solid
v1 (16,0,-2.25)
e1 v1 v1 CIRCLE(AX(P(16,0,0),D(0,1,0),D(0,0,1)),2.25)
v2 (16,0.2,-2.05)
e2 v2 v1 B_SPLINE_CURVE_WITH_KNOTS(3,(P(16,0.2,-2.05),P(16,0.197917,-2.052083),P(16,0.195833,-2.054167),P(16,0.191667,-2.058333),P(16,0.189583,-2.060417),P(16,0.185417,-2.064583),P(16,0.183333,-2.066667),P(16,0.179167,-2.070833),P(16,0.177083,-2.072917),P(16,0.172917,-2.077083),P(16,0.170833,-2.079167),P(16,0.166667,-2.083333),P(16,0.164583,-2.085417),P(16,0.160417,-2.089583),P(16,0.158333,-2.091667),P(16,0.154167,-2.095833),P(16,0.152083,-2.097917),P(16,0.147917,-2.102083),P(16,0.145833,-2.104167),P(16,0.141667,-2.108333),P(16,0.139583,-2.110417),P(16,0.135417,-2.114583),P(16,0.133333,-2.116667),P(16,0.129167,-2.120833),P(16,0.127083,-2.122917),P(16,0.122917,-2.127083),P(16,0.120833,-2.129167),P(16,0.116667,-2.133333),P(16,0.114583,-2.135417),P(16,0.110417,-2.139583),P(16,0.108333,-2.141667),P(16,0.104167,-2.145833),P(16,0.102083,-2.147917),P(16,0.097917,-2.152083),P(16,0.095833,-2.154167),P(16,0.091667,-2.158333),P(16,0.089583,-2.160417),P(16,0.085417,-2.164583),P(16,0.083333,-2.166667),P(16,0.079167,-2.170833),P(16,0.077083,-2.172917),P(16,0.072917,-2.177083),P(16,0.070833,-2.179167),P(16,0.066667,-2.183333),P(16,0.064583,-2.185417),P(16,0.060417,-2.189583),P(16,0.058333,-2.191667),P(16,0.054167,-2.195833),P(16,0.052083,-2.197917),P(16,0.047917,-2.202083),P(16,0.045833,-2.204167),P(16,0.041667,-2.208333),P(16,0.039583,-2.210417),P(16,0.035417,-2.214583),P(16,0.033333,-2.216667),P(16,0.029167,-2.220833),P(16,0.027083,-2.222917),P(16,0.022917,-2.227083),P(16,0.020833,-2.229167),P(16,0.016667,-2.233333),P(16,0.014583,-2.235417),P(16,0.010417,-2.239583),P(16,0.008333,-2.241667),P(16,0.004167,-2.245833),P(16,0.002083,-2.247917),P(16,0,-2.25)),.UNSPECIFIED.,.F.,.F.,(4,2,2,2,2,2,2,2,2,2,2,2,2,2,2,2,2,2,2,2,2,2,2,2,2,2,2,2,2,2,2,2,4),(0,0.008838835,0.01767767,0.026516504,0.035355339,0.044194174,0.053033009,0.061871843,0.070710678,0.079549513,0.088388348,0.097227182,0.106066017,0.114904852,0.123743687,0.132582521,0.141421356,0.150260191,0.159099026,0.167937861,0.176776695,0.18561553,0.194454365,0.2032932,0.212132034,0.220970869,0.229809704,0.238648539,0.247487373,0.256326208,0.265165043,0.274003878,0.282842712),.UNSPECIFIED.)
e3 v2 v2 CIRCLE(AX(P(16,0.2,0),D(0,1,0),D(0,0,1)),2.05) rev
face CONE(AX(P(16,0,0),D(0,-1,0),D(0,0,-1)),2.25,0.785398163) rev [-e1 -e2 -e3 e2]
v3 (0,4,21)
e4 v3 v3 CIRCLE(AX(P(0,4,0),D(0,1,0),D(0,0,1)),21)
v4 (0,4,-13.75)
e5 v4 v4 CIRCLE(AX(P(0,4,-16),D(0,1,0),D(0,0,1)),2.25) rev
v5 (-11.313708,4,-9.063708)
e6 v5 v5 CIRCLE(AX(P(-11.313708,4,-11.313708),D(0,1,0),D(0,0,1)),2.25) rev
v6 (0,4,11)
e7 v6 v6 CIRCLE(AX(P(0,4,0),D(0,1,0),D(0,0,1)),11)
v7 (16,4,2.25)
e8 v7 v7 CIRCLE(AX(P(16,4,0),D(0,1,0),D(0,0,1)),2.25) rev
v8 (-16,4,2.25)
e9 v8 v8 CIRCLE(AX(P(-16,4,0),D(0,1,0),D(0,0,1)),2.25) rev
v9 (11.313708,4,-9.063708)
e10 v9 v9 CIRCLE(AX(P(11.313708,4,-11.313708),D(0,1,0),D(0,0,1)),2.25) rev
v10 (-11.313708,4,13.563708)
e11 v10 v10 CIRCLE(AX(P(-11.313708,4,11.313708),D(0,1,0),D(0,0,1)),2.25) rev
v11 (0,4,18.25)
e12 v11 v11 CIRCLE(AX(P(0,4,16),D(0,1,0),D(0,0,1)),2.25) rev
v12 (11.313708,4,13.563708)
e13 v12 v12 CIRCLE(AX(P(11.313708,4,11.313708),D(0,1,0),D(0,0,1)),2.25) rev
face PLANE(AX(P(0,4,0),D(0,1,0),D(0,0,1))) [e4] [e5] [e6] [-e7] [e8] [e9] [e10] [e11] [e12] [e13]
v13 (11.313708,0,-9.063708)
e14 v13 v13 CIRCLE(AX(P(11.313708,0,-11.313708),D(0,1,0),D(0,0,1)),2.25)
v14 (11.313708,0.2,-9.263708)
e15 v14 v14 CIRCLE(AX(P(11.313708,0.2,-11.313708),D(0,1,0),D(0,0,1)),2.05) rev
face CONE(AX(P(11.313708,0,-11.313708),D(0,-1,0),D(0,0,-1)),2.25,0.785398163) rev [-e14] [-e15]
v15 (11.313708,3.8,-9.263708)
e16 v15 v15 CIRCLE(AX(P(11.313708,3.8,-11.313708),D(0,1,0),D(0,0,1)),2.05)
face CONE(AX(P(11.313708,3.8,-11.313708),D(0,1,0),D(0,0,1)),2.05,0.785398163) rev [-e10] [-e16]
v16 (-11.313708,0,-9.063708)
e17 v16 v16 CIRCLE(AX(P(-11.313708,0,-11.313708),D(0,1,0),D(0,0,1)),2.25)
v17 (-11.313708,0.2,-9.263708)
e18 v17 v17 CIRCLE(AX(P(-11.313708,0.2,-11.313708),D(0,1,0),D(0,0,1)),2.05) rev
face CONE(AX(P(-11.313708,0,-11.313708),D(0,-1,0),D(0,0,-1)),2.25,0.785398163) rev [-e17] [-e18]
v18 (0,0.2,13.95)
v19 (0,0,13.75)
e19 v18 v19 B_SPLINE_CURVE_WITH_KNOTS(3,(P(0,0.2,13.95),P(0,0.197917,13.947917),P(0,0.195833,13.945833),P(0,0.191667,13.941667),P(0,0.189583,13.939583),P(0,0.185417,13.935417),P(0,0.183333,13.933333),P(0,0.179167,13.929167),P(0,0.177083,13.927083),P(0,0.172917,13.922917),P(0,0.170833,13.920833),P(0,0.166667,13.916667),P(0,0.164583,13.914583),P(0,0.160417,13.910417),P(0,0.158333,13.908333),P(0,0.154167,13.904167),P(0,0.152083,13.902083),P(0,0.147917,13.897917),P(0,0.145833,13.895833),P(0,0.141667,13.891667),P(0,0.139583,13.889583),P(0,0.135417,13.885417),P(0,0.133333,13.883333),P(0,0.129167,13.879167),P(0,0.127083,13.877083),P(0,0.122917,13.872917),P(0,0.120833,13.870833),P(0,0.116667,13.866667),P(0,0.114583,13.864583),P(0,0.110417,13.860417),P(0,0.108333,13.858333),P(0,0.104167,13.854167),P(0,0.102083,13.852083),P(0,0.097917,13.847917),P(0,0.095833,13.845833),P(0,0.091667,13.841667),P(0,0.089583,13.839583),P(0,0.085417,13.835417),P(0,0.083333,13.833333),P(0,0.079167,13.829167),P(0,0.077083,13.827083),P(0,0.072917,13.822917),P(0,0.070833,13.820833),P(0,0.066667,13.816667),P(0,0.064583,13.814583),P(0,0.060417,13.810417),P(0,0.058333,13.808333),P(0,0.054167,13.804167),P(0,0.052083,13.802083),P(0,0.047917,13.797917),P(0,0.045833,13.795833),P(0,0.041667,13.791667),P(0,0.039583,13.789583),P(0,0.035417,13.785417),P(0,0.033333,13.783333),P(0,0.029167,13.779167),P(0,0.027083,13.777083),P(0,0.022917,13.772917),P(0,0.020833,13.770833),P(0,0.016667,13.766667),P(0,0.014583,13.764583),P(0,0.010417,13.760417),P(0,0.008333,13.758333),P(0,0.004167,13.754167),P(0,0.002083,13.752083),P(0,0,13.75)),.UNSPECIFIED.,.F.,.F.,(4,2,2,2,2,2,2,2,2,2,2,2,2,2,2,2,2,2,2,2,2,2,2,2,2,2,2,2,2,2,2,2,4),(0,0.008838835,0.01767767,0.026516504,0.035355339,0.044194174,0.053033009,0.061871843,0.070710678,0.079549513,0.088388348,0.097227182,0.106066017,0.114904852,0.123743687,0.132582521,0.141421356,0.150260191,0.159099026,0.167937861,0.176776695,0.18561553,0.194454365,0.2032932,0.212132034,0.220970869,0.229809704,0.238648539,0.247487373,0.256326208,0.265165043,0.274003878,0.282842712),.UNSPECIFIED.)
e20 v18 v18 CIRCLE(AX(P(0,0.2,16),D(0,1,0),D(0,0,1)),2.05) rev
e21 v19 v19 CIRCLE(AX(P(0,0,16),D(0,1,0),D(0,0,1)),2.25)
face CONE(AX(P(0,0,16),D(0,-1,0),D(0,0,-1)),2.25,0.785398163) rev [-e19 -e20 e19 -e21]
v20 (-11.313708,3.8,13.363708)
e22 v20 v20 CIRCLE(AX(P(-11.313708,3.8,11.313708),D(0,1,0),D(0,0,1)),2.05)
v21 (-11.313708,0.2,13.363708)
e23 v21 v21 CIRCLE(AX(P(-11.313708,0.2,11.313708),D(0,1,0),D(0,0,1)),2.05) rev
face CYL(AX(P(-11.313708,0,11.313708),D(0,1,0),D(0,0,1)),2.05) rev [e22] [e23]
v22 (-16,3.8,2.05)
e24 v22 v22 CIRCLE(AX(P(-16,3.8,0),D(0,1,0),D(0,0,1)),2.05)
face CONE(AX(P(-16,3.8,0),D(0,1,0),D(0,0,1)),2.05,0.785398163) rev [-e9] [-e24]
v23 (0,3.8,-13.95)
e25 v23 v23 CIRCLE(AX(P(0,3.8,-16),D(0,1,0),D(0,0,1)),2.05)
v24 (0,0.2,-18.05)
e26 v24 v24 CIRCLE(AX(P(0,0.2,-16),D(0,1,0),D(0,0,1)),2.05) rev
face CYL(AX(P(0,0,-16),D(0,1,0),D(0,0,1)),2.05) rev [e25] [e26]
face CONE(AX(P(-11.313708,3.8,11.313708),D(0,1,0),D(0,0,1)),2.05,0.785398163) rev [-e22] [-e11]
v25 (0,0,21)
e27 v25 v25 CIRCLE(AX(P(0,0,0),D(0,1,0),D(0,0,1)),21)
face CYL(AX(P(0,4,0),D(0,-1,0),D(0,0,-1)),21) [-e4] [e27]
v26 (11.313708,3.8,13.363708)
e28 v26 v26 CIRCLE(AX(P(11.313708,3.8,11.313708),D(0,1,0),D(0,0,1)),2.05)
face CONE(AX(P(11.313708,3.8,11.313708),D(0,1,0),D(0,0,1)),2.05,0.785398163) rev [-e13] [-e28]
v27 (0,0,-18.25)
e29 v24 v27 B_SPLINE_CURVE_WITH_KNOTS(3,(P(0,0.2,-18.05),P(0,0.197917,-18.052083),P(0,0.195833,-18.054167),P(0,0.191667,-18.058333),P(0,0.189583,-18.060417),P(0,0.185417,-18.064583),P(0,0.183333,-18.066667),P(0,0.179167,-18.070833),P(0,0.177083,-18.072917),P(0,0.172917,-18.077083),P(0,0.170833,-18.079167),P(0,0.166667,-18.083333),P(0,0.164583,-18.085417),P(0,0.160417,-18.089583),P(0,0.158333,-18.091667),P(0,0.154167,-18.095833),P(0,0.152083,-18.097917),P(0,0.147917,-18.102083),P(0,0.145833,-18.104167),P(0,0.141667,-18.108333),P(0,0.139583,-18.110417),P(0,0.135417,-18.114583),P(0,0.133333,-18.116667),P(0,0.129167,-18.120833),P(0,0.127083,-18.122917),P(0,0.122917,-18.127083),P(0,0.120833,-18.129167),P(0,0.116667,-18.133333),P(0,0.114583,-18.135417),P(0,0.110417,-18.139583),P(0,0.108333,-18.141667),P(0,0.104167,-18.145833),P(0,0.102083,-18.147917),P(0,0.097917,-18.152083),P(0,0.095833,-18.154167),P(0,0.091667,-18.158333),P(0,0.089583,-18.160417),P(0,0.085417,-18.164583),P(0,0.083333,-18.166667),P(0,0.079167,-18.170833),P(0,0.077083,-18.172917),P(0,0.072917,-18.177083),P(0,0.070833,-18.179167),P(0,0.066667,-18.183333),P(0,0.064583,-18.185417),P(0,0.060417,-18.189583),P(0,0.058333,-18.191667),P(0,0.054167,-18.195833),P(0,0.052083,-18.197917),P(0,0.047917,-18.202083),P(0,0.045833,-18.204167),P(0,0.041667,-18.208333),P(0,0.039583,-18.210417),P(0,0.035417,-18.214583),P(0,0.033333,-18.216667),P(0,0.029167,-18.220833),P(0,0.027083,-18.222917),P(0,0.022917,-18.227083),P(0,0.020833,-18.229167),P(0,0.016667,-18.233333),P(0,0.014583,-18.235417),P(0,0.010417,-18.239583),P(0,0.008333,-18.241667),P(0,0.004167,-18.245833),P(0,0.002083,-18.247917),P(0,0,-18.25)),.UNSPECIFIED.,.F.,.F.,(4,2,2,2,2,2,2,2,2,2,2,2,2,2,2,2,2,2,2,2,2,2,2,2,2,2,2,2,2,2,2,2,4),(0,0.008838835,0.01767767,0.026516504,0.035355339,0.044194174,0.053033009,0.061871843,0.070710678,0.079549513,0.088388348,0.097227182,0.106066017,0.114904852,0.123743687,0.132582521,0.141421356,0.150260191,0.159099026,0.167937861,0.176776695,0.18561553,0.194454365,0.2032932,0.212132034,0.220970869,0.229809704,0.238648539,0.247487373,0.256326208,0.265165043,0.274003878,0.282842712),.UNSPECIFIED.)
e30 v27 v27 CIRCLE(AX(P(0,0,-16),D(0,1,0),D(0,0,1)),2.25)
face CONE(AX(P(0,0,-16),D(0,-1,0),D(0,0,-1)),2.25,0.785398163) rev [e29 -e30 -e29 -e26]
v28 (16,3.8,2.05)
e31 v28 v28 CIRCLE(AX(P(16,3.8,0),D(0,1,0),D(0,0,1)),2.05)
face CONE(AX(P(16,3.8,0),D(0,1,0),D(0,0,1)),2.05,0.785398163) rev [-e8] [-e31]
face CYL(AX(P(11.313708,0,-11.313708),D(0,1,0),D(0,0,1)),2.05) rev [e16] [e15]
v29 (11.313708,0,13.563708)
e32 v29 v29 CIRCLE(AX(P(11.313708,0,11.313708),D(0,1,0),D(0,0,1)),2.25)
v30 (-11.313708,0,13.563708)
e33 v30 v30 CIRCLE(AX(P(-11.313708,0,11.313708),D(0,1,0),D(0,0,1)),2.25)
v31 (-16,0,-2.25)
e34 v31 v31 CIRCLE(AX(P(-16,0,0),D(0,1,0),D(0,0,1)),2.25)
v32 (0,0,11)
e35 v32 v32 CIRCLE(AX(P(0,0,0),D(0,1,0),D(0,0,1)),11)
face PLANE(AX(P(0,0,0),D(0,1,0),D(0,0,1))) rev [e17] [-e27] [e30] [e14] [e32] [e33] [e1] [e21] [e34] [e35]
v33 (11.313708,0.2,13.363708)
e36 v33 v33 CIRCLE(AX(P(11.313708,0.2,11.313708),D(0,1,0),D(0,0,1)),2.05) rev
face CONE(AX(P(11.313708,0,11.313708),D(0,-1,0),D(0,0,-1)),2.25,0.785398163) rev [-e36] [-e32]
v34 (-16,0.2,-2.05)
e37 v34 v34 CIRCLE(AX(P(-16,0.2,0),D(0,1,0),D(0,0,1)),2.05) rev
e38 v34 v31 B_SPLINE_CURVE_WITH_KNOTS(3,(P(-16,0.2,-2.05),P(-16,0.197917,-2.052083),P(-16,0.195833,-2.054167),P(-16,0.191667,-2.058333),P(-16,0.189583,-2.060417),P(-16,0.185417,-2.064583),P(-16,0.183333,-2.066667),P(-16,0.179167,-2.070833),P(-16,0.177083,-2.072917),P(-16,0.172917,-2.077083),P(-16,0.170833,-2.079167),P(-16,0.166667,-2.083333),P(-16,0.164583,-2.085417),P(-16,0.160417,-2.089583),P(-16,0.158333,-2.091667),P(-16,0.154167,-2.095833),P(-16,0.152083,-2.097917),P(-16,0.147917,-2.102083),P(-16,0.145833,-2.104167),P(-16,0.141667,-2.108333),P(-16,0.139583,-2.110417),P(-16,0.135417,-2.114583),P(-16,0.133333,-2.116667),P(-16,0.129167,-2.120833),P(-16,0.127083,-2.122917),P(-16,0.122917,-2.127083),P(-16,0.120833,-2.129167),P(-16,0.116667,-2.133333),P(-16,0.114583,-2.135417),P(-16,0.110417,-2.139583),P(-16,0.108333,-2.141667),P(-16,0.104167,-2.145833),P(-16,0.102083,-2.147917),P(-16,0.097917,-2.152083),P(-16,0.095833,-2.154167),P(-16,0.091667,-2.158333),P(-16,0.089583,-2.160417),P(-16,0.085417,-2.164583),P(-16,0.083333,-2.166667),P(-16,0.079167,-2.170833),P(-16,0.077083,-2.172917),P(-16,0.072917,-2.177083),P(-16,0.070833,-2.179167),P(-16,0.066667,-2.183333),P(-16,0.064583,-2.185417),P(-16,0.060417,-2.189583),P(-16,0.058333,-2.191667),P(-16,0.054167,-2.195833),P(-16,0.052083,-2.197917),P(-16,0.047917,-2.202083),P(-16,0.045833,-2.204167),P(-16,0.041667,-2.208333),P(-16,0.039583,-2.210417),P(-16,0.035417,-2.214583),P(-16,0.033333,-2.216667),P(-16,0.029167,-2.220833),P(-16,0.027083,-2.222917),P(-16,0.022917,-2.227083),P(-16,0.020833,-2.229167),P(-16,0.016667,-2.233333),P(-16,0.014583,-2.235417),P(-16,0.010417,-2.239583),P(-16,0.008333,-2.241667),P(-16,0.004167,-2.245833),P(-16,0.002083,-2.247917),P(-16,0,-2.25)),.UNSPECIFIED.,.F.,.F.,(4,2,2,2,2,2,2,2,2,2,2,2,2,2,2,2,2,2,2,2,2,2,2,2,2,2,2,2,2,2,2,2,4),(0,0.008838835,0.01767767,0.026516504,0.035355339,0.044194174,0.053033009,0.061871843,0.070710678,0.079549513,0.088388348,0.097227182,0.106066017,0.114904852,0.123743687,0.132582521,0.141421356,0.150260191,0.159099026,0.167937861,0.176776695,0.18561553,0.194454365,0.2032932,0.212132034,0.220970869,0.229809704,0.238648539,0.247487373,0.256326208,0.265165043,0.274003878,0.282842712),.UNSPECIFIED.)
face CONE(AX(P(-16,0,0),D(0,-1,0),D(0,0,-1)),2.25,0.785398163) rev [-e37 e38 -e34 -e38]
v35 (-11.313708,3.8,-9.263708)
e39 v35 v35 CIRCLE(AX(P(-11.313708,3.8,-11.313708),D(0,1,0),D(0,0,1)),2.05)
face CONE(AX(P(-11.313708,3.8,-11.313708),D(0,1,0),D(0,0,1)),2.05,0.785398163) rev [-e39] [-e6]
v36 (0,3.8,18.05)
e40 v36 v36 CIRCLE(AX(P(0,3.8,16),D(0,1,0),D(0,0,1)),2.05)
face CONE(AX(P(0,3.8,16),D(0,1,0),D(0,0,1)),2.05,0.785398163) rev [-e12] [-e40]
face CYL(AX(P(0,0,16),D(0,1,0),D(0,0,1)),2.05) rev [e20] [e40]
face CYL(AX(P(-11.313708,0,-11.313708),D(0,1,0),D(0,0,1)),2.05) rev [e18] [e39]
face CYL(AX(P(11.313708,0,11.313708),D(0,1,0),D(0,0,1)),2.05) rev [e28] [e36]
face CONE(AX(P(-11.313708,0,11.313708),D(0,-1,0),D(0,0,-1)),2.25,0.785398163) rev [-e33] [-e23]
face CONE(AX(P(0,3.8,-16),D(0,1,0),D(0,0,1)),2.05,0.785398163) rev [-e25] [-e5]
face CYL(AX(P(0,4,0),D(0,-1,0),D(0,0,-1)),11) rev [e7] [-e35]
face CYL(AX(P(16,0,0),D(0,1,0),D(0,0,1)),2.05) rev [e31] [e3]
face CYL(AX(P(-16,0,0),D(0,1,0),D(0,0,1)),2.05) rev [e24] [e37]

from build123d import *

# Parameters (mm, degrees)
SKETCH1_R                    = 21
SKETCH1_R_2                  = 16
SKETCH1_R_3                  = 11
BOSS_EXTRUDE1_DEPTH          = 4
SKETCH2_R                    = 2.05
CUT_EXTRUDE1_DEPTH           = 30.966648128
CHAMFER1_SIZE                = 0.2
CIRPATTERN1_COUNT            = 8
CHAMFER1_OF_CIRPATTERN1_SIZE = 0.2


with BuildPart() as part:
    # Sketch1 → Boss-Extrude1 (new body)
    # profile 1 of 2: a face of its own
    with BuildSketch(Plane(origin=(0, 0, 0), x_dir=(1, 0, 0), z_dir=(0, 1, 0))):
        with Locations(Location((0, 0, 0), (0, 0, 270))):
            Circle(SKETCH1_R)
        Circle(SKETCH1_R_2, mode=Mode.SUBTRACT)
    # profile 2 of 2: a face of its own
    with BuildSketch(Plane(origin=(0, 0, 0), x_dir=(1, 0, 0), z_dir=(0, 1, 0))):
        Circle(SKETCH1_R_2)
        with Locations(Location((0, 0, 0), (0, 0, 270))):
            Circle(SKETCH1_R_3, mode=Mode.SUBTRACT)
    extrude(amount=BOSS_EXTRUDE1_DEPTH)

    # Sketch2 → Cut-Extrude1 (cut, through all)
    with BuildSketch(Plane(origin=(0, 4, 0), x_dir=(1, 0, 0), z_dir=(0, 1, 0))):
        with Locations(Location((16, 0, 0), (0, 0, 270))):
            Circle(SKETCH2_R)
    cut_extrude1 = extrude(amount=-CUT_EXTRUDE1_DEPTH, mode=Mode.SUBTRACT)

    # Chamfer1
    chamfer1_edges = [part.edges().sort_by_distance(p)[0] for p in [
        (16, 0, -2.05),
        (16, 4, -2.05),
    ]]
    chamfer(chamfer1_edges, length=CHAMFER1_SIZE)

    # CirPattern1: Cut-Extrude1 ×8 about axis
    cirpattern1_axis = Axis((0, 0, 0), (0, 1, 0))
    for i in range(1, CIRPATTERN1_COUNT):
        add(cut_extrude1.rotate(cirpattern1_axis, i * 360 / CIRPATTERN1_COUNT), mode=Mode.SUBTRACT)

    # Chamfer1 of CirPattern1
    chamfer1_of_cirpattern1_edges = [part.edges().sort_by_distance(p)[0] for p in [
        (9.864139598, 0, -12.7632774),
        (9.864139598, 4, -12.7632774),
        (-2.05, 0, -16),
        (-2.05, 4, -16),
        (-12.7632774, 0, -9.864139598),
        (-12.7632774, 4, -9.864139598),
        (-16, 0, 2.05),
        (-16, 4, 2.05),
        (-9.864139598, 0, 12.7632774),
        (-9.864139598, 4, 12.7632774),
        (2.05, 0, 16),
        (2.05, 4, 16),
        (12.7632774, 0, 9.864139598),
        (12.7632774, 4, 9.864139598),
    ]]
    chamfer(chamfer1_of_cirpattern1_edges, length=CHAMFER1_OF_CIRPATTERN1_SIZE)


solid = part.part
